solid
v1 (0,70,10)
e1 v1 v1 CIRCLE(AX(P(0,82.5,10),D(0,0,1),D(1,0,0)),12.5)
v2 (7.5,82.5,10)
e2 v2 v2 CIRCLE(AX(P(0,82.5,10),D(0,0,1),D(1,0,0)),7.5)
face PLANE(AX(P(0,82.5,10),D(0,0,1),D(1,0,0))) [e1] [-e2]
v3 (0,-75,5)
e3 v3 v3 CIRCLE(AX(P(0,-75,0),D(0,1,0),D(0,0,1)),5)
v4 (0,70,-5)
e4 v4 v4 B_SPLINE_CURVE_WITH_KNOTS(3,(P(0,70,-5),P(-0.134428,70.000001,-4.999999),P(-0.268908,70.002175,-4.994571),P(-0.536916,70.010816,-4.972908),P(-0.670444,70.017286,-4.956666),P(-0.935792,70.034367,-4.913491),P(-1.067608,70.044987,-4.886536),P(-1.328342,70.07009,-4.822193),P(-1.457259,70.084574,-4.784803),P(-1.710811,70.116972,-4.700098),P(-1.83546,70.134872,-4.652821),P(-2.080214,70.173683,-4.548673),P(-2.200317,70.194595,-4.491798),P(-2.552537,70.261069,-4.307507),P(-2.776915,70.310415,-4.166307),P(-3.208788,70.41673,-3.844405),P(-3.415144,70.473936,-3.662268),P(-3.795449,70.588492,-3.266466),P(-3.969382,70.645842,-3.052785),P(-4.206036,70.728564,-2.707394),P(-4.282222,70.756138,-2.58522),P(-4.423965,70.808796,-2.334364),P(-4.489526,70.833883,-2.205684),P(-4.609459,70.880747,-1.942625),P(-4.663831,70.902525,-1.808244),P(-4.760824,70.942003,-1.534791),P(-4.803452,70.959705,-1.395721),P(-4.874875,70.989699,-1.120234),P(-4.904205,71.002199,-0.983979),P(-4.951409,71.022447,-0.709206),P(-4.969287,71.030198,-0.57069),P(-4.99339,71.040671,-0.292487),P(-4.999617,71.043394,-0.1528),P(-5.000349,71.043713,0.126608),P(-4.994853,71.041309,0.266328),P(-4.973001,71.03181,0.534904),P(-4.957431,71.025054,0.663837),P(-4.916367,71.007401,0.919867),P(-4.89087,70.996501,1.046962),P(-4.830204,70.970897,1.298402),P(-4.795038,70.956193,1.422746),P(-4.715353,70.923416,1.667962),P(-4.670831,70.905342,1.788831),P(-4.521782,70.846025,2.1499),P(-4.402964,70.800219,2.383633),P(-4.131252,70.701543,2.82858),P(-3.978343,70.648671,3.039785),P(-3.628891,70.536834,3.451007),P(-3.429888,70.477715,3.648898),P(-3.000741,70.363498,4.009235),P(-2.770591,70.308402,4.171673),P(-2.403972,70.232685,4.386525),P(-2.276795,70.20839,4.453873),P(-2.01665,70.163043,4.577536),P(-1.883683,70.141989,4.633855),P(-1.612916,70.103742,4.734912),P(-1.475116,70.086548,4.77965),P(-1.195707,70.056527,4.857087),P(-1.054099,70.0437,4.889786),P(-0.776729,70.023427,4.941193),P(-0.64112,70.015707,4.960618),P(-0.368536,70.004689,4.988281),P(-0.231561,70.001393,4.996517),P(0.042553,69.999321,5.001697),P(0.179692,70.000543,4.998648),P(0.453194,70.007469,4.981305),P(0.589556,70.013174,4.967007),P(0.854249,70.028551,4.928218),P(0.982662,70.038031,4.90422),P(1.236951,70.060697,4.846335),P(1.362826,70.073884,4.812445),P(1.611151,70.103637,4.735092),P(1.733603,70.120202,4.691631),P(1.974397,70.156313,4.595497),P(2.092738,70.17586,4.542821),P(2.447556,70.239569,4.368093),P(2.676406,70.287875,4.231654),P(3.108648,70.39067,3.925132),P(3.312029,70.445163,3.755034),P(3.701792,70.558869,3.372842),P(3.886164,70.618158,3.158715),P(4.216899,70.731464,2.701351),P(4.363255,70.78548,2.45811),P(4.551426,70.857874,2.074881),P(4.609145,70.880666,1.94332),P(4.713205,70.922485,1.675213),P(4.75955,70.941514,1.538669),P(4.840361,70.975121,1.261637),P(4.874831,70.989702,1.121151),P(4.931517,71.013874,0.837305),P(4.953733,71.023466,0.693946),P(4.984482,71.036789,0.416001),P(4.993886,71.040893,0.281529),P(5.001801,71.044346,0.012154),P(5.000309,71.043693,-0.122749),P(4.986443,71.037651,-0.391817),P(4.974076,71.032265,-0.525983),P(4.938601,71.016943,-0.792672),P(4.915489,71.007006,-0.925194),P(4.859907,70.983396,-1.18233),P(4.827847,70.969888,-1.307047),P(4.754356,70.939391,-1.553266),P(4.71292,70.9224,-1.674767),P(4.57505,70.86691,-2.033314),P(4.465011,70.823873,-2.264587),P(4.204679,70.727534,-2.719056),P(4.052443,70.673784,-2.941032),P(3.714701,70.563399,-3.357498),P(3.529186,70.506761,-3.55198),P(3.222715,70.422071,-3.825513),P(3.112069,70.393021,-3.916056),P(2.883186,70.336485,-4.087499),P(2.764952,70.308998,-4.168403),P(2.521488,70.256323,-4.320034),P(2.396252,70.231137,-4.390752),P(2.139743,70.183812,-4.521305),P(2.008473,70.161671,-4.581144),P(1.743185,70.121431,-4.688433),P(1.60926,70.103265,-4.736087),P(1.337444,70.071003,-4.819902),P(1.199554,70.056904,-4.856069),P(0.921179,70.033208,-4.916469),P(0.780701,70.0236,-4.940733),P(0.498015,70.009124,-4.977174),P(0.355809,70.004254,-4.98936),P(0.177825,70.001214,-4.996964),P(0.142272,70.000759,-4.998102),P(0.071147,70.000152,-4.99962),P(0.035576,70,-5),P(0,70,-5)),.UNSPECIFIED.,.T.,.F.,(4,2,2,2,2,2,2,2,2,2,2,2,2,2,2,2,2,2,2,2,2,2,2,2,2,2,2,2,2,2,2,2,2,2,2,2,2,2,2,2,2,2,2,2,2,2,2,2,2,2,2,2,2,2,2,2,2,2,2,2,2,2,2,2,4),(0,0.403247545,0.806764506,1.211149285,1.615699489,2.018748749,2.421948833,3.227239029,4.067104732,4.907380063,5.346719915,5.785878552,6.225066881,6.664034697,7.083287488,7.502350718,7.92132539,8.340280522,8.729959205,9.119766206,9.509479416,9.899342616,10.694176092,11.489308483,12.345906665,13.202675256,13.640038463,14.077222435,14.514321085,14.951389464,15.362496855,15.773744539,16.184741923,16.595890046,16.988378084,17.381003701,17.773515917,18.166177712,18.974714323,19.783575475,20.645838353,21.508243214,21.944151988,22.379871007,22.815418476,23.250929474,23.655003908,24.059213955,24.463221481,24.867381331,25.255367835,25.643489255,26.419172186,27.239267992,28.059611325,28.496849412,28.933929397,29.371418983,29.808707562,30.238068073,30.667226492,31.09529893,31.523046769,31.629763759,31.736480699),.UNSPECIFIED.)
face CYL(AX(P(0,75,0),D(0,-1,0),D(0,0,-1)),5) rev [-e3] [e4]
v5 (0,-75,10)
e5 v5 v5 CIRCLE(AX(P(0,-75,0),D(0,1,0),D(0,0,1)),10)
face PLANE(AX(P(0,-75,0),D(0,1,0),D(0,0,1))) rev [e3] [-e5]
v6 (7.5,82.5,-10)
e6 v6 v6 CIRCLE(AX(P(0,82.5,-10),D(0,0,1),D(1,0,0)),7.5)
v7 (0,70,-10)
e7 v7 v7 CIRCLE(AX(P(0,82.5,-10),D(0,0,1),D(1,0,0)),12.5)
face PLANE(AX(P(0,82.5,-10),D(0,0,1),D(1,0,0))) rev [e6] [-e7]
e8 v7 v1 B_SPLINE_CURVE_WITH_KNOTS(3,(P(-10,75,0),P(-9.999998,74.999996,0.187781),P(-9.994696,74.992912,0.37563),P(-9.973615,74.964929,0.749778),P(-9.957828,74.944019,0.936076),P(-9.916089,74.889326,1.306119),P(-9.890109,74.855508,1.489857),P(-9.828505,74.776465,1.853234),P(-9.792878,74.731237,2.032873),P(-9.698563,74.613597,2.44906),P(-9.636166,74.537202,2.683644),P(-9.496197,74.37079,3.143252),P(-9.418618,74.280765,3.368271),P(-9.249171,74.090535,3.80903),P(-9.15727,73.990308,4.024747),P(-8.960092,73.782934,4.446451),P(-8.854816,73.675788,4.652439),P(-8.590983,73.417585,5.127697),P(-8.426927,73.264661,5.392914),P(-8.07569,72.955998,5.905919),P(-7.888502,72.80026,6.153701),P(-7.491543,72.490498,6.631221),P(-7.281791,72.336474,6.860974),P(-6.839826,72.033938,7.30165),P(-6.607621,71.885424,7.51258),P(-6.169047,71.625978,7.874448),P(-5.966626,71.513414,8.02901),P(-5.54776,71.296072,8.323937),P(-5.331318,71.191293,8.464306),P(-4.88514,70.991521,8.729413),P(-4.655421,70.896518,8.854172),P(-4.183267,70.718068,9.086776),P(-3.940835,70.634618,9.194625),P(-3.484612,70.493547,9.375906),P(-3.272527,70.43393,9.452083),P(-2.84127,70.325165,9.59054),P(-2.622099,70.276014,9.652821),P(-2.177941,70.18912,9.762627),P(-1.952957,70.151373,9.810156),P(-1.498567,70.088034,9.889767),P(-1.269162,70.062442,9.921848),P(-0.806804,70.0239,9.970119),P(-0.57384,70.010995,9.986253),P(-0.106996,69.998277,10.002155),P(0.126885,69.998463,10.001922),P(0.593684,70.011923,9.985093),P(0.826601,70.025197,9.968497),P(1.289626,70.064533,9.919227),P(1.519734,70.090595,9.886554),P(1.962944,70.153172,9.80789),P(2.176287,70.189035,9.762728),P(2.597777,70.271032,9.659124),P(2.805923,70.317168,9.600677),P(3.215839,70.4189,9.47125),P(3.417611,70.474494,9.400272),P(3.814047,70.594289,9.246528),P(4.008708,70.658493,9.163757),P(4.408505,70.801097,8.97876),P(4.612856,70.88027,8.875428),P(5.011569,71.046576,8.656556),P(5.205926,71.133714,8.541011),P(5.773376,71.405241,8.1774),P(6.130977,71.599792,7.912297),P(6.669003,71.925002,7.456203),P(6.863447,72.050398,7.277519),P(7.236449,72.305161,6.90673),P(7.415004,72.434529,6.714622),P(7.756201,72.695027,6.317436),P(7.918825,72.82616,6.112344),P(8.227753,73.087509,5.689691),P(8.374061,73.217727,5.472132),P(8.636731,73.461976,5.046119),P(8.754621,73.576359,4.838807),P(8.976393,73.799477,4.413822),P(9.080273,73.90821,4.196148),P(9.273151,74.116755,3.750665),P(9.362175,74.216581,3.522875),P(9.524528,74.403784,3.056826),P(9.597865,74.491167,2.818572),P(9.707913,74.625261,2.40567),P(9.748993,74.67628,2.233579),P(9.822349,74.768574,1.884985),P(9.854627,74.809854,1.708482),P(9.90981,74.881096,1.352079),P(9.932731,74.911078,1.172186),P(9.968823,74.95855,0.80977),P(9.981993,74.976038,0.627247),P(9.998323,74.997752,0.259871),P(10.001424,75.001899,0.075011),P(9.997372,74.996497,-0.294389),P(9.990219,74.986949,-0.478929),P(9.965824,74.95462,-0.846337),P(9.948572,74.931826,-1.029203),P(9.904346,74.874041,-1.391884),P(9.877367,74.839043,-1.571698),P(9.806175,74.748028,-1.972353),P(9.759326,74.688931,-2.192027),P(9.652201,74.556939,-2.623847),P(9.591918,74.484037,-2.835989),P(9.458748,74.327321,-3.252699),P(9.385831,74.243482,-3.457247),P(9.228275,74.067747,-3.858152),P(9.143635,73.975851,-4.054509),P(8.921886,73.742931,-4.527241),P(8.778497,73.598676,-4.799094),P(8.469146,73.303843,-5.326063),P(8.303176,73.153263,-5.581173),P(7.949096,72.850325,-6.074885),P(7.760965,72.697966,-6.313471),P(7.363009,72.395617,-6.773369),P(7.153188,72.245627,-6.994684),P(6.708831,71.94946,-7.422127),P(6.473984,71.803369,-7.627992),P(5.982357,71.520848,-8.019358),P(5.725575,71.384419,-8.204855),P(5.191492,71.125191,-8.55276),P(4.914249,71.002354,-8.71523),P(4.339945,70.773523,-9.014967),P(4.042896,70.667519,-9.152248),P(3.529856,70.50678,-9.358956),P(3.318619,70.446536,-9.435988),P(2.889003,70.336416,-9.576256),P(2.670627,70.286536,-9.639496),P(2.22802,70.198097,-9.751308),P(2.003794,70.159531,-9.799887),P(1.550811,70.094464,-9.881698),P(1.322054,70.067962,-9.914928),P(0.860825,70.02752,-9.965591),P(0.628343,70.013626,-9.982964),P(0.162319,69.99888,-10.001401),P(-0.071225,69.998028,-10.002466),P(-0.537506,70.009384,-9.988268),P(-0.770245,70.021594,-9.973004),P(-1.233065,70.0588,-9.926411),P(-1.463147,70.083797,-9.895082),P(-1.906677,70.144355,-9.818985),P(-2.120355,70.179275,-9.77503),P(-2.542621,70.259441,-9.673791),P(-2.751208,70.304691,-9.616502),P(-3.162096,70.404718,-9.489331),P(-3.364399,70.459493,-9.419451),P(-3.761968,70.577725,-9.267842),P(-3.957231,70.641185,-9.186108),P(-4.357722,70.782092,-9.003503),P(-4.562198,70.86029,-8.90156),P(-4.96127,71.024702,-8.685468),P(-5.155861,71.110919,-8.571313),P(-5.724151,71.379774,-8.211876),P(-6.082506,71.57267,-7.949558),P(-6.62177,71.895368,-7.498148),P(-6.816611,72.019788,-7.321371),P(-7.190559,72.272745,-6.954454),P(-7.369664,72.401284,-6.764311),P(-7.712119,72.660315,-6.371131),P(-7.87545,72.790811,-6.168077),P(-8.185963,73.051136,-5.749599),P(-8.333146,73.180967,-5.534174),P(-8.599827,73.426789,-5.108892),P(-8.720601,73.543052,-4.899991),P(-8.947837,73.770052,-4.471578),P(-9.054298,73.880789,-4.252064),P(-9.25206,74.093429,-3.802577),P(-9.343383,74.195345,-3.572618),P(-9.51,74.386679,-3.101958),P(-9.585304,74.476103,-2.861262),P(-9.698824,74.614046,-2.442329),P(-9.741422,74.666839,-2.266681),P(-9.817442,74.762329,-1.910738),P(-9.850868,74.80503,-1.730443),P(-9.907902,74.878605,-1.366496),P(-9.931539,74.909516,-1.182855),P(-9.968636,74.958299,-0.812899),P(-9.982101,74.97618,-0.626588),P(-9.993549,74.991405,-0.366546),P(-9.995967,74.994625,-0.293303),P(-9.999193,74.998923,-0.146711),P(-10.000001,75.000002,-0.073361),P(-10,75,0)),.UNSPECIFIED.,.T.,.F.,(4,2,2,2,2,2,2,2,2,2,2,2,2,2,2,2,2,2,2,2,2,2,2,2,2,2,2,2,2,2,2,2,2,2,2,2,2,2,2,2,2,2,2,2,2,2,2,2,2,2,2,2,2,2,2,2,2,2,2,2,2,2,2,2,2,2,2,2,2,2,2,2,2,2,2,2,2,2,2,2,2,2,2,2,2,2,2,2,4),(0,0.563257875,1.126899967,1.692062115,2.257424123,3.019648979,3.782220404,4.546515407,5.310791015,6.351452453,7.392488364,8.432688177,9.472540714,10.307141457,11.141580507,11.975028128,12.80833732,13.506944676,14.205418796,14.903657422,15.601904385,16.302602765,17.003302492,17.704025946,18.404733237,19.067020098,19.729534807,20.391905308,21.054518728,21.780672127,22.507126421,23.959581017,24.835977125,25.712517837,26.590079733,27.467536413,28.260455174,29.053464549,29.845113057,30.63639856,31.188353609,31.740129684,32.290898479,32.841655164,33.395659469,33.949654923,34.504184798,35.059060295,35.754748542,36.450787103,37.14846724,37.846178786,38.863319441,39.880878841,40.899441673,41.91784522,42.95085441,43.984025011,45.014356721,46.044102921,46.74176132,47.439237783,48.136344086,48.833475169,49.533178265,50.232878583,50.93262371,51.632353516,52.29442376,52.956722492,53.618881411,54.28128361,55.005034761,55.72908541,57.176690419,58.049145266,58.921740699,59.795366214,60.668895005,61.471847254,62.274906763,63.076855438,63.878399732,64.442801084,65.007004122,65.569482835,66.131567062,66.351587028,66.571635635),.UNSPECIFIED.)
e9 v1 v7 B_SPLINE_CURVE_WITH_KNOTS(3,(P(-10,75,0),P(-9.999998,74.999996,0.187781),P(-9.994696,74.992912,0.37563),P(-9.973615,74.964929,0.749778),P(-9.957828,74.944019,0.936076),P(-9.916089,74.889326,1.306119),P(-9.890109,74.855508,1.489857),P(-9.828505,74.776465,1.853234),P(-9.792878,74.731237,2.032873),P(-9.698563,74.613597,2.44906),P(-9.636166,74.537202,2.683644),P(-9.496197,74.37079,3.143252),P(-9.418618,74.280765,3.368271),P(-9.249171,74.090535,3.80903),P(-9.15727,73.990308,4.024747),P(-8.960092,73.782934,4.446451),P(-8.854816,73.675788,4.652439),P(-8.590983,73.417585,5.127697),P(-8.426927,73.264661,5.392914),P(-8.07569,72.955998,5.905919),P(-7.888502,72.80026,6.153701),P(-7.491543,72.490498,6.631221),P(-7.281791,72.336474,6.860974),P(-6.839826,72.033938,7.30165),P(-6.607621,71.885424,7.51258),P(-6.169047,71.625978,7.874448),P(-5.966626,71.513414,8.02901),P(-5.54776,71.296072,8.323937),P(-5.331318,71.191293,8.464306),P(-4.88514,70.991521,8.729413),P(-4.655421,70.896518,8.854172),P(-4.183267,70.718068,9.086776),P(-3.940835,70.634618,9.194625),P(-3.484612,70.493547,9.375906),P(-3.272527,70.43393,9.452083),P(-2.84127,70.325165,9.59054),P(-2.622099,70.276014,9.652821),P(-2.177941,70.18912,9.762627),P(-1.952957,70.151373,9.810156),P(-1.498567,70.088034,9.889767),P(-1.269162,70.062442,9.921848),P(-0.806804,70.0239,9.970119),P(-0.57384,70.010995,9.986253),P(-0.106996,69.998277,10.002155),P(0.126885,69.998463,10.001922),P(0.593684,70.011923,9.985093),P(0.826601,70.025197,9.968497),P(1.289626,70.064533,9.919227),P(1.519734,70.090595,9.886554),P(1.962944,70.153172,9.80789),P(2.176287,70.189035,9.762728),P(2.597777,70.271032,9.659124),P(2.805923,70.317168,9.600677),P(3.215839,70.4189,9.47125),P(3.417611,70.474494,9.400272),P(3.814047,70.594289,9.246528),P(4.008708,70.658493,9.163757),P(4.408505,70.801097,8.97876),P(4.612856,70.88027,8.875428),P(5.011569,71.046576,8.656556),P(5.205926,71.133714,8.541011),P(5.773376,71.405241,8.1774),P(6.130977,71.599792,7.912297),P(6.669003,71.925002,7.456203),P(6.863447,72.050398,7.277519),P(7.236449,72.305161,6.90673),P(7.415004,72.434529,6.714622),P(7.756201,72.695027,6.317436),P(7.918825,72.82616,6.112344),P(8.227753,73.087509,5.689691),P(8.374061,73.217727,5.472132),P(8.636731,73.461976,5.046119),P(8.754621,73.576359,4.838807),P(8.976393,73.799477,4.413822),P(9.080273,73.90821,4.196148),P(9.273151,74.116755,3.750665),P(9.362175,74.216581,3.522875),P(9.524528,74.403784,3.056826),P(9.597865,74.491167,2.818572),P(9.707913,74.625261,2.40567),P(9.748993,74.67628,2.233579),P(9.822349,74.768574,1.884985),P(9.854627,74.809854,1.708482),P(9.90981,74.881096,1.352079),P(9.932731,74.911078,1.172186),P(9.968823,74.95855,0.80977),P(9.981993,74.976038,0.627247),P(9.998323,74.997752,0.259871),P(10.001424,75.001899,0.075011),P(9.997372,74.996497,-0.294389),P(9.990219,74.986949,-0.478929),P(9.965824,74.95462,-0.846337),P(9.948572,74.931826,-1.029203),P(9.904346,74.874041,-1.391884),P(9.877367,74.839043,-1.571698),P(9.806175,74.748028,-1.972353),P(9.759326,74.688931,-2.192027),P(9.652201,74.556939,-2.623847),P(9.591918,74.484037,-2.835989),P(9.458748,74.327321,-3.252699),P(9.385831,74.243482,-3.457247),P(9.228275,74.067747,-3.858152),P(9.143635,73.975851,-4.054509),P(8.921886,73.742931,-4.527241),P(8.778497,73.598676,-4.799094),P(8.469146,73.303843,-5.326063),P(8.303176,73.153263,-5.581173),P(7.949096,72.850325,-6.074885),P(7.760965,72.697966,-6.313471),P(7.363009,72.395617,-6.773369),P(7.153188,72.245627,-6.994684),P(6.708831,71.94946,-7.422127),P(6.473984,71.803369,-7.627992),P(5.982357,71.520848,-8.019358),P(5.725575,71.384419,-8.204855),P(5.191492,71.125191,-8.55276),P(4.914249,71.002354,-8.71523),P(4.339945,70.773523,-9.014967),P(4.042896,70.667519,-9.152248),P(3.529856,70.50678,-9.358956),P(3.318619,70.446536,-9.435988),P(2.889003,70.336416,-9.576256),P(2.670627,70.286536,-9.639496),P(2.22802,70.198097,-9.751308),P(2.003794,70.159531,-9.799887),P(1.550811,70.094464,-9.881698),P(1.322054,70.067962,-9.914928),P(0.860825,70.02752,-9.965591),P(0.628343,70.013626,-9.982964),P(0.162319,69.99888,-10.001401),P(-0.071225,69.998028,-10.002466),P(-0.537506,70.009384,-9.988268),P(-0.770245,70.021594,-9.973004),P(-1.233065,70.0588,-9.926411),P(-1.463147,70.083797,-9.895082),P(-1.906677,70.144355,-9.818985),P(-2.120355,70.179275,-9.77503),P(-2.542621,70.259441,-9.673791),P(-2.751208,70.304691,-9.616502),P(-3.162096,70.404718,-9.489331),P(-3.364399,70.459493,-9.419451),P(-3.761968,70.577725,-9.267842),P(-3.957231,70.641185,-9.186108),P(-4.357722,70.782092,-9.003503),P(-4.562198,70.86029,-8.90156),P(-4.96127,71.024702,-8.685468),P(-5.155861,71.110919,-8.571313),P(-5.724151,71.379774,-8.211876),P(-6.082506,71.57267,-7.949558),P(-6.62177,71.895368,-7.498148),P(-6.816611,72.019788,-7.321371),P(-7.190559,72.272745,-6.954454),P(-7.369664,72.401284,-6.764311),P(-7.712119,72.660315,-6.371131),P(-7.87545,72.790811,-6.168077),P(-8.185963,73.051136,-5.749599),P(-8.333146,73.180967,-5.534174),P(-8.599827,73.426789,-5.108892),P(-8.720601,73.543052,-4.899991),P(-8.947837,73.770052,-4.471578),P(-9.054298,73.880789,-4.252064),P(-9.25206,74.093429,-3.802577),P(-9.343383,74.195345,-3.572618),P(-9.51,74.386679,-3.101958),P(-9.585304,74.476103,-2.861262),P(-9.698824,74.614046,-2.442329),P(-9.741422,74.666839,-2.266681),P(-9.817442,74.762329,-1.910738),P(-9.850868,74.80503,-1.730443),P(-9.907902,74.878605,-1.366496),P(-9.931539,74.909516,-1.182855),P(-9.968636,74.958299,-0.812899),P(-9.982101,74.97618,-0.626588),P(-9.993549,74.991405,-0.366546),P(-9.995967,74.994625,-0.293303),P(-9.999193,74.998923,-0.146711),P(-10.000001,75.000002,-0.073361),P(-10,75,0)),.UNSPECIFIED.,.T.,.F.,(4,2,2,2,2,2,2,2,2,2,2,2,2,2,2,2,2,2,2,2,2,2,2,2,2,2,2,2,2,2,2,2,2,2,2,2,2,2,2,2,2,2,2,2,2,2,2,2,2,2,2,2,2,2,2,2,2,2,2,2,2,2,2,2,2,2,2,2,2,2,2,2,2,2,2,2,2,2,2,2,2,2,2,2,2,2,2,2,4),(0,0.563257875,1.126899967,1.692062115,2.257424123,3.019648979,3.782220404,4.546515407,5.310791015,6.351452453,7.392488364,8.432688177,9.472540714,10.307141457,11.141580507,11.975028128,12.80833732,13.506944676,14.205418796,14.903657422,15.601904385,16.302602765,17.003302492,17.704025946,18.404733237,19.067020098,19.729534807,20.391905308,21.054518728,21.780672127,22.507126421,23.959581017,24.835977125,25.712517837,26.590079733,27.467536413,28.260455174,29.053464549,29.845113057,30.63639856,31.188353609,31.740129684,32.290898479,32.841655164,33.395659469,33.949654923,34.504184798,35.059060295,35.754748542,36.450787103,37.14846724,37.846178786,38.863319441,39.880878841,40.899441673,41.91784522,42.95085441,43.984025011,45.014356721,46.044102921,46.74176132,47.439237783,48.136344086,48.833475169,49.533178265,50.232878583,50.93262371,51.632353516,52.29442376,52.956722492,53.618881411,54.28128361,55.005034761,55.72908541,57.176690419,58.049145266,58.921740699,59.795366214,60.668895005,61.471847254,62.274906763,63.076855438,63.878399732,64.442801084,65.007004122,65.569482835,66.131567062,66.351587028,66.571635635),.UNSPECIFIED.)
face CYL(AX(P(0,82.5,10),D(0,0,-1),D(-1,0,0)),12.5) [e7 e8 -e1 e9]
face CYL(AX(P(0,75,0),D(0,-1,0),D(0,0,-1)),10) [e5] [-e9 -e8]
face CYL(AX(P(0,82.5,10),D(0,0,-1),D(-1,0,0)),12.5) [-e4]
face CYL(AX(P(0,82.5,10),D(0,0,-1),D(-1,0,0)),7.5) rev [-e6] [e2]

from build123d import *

# Parameters (mm, degrees)
SKETCH_1_R      = 10
SKETCH_1_R_2    = 5
EXTRUDE_1_DEPTH = 75
SKETCH_2_R      = 12.5
SKETCH_2_R_2    = 7.5
EXTRUDE_2_DEPTH = 10


with BuildPart() as part:
    # 스케치1 → 보스-돌출1 (new, symmetric)
    with BuildSketch(Plane(origin=(0, 0, 0), x_dir=(1, 0, 0), z_dir=(0, 1, 0))):
        with Locations(Location((0, 0, 0), (0, 0, 270))):
            Circle(SKETCH_1_R)
        with Locations(Location((0, 0, 0), (0, 0, 270))):
            Circle(SKETCH_1_R_2, mode=Mode.SUBTRACT)
    extrude(amount=EXTRUDE_1_DEPTH, both=True)

    # 스케치2 → 보스-돌출2 (add, symmetric)
    with BuildSketch(Plane.XY):
        with Locations((0, 82.5)):
            Circle(SKETCH_2_R)
        with Locations((0, 82.5)):
            Circle(SKETCH_2_R_2, mode=Mode.SUBTRACT)
    extrude(amount=EXTRUDE_2_DEPTH, both=True)


solid = part.part
